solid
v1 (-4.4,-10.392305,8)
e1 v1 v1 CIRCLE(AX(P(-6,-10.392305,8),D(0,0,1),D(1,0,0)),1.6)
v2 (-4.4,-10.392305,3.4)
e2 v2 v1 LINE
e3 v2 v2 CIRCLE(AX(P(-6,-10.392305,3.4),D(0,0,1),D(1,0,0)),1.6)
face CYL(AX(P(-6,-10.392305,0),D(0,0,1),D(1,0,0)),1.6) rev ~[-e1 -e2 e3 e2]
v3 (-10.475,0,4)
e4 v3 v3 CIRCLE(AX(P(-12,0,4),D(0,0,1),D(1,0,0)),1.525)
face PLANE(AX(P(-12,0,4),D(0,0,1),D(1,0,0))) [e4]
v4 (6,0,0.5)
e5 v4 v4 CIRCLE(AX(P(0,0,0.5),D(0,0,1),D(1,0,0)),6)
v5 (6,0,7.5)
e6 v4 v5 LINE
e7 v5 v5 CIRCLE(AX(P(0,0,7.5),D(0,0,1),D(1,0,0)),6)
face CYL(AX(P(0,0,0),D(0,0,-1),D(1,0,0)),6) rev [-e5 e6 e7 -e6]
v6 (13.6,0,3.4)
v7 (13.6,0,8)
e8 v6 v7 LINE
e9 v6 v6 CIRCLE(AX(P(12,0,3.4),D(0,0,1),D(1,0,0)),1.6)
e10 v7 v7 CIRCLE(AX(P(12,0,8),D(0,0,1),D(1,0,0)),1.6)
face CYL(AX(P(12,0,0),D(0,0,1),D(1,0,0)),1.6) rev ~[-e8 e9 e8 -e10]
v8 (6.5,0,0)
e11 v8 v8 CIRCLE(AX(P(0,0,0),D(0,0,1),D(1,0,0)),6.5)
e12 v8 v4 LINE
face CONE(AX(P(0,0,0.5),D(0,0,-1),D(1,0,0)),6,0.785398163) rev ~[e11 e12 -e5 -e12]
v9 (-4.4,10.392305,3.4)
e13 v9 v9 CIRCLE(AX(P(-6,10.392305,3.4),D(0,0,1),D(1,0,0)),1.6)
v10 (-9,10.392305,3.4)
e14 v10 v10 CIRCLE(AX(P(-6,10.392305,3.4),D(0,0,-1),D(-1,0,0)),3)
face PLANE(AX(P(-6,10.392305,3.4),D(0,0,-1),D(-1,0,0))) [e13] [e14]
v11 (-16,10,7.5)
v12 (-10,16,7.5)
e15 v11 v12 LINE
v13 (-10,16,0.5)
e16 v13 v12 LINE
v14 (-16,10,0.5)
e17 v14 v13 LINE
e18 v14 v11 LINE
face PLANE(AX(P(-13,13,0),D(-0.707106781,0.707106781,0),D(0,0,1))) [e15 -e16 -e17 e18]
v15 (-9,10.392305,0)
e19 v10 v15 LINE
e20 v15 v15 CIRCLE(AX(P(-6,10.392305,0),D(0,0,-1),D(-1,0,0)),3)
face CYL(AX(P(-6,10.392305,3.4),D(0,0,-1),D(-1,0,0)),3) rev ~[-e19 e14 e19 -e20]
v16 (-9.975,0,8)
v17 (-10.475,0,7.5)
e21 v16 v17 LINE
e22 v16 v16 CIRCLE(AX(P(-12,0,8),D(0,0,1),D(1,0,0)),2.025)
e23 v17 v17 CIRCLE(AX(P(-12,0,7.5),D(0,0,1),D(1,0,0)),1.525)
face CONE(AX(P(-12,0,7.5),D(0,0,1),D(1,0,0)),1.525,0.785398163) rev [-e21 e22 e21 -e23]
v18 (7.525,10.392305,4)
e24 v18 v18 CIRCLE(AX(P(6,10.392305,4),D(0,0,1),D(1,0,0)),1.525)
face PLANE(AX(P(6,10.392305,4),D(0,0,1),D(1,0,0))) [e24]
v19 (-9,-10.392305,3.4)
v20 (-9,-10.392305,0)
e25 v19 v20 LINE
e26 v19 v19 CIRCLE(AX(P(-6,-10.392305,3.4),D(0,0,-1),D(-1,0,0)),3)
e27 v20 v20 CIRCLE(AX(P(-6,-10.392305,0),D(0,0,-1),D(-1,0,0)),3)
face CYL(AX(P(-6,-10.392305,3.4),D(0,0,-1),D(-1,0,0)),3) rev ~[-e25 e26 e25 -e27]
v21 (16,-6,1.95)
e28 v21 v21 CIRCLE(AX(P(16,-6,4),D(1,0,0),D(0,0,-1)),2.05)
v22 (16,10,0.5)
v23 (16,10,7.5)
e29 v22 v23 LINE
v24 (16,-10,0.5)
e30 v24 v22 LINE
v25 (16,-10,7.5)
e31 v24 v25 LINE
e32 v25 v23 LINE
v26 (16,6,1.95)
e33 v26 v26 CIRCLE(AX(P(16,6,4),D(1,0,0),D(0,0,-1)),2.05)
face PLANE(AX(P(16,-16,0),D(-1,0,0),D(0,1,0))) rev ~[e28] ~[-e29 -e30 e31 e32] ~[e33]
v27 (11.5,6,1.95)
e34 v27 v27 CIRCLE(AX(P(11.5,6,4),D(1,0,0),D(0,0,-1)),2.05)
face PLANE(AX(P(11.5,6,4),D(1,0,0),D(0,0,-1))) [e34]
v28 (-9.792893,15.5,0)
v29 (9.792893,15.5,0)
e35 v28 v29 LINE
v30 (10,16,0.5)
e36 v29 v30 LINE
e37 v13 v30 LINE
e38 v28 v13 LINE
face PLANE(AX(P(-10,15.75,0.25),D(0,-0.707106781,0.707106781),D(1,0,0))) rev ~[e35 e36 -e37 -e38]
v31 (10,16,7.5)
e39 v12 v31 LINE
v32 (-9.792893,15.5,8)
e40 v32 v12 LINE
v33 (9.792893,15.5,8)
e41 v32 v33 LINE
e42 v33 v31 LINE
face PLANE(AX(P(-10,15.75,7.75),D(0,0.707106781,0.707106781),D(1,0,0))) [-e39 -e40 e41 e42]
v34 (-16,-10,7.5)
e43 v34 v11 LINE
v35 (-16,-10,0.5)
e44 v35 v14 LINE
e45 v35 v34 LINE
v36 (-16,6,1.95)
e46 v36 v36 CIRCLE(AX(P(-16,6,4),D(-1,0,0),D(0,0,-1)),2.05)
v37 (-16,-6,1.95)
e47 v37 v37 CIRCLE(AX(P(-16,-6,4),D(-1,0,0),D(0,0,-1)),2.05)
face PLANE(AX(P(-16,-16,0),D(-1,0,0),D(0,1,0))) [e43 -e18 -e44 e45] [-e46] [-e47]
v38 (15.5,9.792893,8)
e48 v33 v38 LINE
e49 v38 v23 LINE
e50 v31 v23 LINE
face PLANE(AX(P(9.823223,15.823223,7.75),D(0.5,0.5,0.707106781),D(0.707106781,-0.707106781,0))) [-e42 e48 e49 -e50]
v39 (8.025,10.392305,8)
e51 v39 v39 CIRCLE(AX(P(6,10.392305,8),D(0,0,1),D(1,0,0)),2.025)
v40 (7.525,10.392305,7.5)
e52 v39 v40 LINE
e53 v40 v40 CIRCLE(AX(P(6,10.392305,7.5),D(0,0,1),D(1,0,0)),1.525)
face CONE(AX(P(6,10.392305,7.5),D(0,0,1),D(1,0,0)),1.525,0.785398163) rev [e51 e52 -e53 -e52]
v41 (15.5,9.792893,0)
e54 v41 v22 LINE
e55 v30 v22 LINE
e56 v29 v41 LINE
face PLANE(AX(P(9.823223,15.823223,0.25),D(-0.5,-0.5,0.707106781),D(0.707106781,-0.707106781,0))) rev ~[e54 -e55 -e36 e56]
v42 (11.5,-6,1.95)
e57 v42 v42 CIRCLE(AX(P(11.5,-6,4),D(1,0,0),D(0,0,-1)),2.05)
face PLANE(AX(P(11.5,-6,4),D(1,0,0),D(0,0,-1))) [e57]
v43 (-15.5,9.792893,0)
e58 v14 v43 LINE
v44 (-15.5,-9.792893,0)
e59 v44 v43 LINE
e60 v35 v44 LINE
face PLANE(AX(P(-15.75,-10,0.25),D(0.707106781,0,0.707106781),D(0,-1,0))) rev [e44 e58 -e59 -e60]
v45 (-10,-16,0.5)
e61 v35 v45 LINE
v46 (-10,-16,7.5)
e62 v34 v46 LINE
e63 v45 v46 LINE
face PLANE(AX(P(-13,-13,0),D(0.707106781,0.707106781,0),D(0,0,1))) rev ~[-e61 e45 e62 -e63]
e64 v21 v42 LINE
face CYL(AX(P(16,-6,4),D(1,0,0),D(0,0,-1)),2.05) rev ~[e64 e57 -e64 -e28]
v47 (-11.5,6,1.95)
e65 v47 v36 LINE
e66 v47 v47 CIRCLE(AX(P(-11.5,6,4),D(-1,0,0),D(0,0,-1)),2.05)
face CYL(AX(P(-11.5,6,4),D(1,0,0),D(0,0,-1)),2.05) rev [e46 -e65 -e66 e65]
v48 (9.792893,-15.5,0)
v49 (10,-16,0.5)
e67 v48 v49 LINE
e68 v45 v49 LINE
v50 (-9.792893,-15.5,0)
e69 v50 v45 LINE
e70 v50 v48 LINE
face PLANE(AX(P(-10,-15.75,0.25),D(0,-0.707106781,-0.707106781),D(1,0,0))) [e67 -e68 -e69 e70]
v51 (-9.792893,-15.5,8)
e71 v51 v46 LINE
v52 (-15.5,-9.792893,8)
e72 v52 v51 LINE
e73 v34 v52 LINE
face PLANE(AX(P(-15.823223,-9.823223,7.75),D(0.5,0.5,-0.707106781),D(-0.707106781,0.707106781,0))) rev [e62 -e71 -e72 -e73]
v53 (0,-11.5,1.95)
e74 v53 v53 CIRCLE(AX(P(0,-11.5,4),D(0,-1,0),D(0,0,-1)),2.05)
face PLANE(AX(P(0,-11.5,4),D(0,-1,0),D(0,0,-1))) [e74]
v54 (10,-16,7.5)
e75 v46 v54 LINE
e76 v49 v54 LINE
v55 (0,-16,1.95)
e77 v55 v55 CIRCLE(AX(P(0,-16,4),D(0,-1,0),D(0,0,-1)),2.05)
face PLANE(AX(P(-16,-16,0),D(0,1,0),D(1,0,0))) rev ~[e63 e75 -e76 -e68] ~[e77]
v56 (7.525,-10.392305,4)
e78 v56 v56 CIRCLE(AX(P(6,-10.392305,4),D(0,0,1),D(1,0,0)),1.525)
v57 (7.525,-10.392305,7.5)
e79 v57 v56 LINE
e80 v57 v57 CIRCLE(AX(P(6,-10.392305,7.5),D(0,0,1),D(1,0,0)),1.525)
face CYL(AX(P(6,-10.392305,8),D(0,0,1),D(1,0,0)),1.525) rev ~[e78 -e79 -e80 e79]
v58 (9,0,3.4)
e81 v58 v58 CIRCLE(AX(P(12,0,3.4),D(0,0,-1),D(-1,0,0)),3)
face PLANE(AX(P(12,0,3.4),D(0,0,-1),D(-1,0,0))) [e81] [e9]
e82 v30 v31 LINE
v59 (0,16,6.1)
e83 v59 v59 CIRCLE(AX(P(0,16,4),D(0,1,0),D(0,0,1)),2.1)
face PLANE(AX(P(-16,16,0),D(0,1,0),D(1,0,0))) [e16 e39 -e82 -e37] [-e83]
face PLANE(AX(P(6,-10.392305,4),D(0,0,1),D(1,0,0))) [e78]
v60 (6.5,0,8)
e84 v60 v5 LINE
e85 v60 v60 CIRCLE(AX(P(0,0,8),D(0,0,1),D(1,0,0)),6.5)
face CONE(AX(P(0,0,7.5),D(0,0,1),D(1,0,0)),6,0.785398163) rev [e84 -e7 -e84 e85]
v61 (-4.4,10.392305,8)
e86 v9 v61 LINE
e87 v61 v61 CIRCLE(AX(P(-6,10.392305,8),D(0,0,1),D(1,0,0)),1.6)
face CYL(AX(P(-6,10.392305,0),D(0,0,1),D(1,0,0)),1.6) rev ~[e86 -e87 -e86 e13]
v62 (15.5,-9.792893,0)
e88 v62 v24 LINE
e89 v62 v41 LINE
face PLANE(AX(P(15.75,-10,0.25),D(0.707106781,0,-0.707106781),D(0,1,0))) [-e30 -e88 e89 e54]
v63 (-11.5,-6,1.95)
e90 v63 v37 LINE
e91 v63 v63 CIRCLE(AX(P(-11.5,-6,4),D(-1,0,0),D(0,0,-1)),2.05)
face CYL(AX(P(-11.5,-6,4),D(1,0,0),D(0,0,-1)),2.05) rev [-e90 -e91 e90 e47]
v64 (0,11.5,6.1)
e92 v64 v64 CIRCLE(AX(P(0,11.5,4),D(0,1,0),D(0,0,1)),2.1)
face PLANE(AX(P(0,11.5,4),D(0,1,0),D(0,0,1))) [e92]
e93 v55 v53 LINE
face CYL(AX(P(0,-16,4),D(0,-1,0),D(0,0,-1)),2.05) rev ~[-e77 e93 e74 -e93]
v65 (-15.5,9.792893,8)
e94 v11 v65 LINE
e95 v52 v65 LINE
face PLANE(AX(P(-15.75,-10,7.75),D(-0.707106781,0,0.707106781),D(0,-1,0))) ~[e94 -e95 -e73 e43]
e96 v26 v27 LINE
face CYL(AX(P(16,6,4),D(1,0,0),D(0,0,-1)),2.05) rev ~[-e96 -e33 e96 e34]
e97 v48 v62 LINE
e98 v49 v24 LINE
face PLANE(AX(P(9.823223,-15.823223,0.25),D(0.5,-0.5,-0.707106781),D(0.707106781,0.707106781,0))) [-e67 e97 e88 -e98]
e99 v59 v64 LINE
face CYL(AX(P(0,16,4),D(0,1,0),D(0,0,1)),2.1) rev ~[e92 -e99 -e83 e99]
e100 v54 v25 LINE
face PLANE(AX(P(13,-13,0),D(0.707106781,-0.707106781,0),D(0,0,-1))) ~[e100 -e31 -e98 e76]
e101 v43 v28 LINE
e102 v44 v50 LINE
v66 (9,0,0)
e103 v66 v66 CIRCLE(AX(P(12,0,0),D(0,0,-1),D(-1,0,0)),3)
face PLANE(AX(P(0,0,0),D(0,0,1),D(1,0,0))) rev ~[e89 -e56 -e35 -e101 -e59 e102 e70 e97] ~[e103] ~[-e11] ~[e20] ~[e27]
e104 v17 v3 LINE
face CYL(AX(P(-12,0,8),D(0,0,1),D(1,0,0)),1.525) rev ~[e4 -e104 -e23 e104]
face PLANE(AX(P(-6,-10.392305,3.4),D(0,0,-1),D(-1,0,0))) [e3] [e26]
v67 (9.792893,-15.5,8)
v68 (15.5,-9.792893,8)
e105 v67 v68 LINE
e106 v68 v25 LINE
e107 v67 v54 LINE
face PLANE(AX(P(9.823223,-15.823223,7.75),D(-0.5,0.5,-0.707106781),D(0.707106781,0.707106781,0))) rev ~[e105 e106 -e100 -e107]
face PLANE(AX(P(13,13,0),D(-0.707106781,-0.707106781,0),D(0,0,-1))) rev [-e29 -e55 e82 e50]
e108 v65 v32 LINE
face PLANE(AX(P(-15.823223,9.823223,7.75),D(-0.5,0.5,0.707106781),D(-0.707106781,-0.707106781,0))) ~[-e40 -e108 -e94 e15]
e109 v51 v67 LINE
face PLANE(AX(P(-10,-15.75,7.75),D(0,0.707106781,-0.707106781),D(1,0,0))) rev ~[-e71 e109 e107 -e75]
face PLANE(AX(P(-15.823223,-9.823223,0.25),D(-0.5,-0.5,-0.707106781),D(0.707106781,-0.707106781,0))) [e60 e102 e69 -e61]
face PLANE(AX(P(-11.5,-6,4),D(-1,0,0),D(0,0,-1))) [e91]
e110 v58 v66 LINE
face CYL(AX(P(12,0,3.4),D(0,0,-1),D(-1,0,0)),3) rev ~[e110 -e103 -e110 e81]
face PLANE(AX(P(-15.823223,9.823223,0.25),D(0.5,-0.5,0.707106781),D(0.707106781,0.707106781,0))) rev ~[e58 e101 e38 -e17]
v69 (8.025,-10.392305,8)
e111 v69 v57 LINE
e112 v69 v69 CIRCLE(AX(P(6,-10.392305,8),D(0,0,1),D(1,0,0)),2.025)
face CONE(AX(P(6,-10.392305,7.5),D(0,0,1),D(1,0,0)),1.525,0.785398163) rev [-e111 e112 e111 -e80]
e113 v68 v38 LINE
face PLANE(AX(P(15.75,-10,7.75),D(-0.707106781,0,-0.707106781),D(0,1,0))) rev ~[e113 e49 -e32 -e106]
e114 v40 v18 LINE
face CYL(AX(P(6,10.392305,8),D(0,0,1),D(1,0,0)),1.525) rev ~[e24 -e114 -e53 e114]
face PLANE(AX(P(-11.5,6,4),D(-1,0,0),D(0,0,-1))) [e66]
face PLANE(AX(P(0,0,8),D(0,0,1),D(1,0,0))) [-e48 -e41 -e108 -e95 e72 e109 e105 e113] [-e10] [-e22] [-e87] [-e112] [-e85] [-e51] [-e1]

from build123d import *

# Parameters (mm, degrees)
SKETCH_1_W                   = 32
SKETCH_1_H                   = 32
SKETCH_1_R                   = 6
EXTRUDE_1_DEPTH              = 8
SKETCH_2_R                   = 1.525
CUT_EXTRUDE_1_DEPTH          = 4
CHAMFER_1_SIZE               = 6
SKETCH_4_R                   = 2.1
CUT_EXTRUDE_2_DEPTH          = 4.5
SKETCH_5_R                   = 2.05
CUT_EXTRUDE_3_DEPTH          = 4.5
SKETCH_6_R                   = 2.05
CUT_EXTRUDE_4_DEPTH          = 4.5
CUT_EXTRUDE_START            = -4.5
SKETCH_7_R                   = 2.05
CUT_EXTRUDE_5_DEPTH          = 4.5
CHAMFER_2_SIZE               = 0.5
HOLE_WIZARD_M3_1_D           = 3.2
HOLE_WIZARD_M3_1_CBORE_D     = 6
HOLE_WIZARD_M3_1_CBORE_DEPTH = 3.4


with BuildPart() as part:
    # 草图1 → 凸台-拉伸1 (new body)
    with BuildSketch(Plane.XY):
        Rectangle(SKETCH_1_W, SKETCH_1_H)
        Circle(SKETCH_1_R, mode=Mode.SUBTRACT)
    extrude(amount=EXTRUDE_1_DEPTH)

    # 草图2 → 切除-拉伸1 (cut)
    with BuildSketch(Plane.XY.offset(8)):
        with Locations((-12, 0)):
            Circle(SKETCH_2_R)
        with Locations((6, 10.392304845)):
            Circle(SKETCH_2_R)
        with Locations((6, -10.392304845)):
            Circle(SKETCH_2_R)
    extrude(amount=-CUT_EXTRUDE_1_DEPTH, mode=Mode.SUBTRACT)

    # 倒角1
    chamfer_1_edges = [part.edges().sort_by_distance(p)[0] for p in [
        (16, -16, 4),
        (-16, -16, 4),
        (-16, 16, 4),
        (16, 16, 4),
    ]]
    chamfer(chamfer_1_edges, length=CHAMFER_1_SIZE)

    # 草图4 → 切除-拉伸2 (cut)
    with BuildSketch(Plane(origin=(0, 16, 0), x_dir=(1, 0, 0), z_dir=(0, 1, 0))):
        with Locations(Location((0, -4, 0), (0, 0, 270))):
            Circle(SKETCH_4_R)
    extrude(amount=-CUT_EXTRUDE_2_DEPTH, mode=Mode.SUBTRACT)

    # 草图5 → 切除-拉伸3 (cut)
    with BuildSketch(Plane.XZ.offset(16)):
        with Locations(Location((0, 4, 0), (0, 0, 270))):
            Circle(SKETCH_5_R)
    extrude(amount=-CUT_EXTRUDE_3_DEPTH, mode=Mode.SUBTRACT)

    # 草图6 → 切除-拉伸4 (cut)
    with BuildSketch(Plane(origin=(16, 0, 0), x_dir=(0, 0, -1), z_dir=(1, 0, 0))):
        with Locations((-4, 6)):
            Circle(SKETCH_6_R)
        with Locations((-4, -6)):
            Circle(SKETCH_6_R)
    extrude(amount=-CUT_EXTRUDE_4_DEPTH, mode=Mode.SUBTRACT)

    # 草图7 → 切除-拉伸5 (cut)
    with BuildSketch(Plane.ZY.offset(16).offset(CUT_EXTRUDE_START)):
        with Locations(Location((4, 6, 0), (0, 0, 180))):
            Circle(SKETCH_7_R)
        with Locations(Location((4, -6, 0), (0, 0, 180))):
            Circle(SKETCH_7_R)
    extrude(amount=CUT_EXTRUDE_5_DEPTH, mode=Mode.SUBTRACT)

    # 倒角2
    chamfer_2_edges = [part.edges().sort_by_distance(p)[0] for p in [
        (-6, 0, 0),
        (-6, 0, 8),
        (-13.525, 0, 8),
        (4.475, 10.392304845, 8),
        (4.475, -10.392304845, 8),
        (0, -16, 0),
        (0, -16, 8),
        (16, 0, 0),
        (-16, 0, 0),
        (0, 16, 0),
        (13, 13, 0),
        (-13, 13, 0),
        (13, -13, 0),
        (-13, -13, 0),
        (-16, 0, 8),
        (16, 0, 8),
        (0, 16, 8),
        (13, 13, 8),
        (-13, 13, 8),
        (13, -13, 8),
        (-13, -13, 8),
    ]]
    chamfer(chamfer_2_edges, length=CHAMFER_2_SIZE)

    # M3 六角圆柱头螺钉的柱形沉头孔1 (through all)
    with Locations(Plane(origin=(0, 0, 0), x_dir=(-1, 0, 0), z_dir=(0, 0, -1))):
        with Locations((-12, 0), (6, 10.392304845), (6, -10.392304845)):
            CounterBoreHole(HOLE_WIZARD_M3_1_D / 2, HOLE_WIZARD_M3_1_CBORE_D / 2, HOLE_WIZARD_M3_1_CBORE_DEPTH)


solid = part.part
